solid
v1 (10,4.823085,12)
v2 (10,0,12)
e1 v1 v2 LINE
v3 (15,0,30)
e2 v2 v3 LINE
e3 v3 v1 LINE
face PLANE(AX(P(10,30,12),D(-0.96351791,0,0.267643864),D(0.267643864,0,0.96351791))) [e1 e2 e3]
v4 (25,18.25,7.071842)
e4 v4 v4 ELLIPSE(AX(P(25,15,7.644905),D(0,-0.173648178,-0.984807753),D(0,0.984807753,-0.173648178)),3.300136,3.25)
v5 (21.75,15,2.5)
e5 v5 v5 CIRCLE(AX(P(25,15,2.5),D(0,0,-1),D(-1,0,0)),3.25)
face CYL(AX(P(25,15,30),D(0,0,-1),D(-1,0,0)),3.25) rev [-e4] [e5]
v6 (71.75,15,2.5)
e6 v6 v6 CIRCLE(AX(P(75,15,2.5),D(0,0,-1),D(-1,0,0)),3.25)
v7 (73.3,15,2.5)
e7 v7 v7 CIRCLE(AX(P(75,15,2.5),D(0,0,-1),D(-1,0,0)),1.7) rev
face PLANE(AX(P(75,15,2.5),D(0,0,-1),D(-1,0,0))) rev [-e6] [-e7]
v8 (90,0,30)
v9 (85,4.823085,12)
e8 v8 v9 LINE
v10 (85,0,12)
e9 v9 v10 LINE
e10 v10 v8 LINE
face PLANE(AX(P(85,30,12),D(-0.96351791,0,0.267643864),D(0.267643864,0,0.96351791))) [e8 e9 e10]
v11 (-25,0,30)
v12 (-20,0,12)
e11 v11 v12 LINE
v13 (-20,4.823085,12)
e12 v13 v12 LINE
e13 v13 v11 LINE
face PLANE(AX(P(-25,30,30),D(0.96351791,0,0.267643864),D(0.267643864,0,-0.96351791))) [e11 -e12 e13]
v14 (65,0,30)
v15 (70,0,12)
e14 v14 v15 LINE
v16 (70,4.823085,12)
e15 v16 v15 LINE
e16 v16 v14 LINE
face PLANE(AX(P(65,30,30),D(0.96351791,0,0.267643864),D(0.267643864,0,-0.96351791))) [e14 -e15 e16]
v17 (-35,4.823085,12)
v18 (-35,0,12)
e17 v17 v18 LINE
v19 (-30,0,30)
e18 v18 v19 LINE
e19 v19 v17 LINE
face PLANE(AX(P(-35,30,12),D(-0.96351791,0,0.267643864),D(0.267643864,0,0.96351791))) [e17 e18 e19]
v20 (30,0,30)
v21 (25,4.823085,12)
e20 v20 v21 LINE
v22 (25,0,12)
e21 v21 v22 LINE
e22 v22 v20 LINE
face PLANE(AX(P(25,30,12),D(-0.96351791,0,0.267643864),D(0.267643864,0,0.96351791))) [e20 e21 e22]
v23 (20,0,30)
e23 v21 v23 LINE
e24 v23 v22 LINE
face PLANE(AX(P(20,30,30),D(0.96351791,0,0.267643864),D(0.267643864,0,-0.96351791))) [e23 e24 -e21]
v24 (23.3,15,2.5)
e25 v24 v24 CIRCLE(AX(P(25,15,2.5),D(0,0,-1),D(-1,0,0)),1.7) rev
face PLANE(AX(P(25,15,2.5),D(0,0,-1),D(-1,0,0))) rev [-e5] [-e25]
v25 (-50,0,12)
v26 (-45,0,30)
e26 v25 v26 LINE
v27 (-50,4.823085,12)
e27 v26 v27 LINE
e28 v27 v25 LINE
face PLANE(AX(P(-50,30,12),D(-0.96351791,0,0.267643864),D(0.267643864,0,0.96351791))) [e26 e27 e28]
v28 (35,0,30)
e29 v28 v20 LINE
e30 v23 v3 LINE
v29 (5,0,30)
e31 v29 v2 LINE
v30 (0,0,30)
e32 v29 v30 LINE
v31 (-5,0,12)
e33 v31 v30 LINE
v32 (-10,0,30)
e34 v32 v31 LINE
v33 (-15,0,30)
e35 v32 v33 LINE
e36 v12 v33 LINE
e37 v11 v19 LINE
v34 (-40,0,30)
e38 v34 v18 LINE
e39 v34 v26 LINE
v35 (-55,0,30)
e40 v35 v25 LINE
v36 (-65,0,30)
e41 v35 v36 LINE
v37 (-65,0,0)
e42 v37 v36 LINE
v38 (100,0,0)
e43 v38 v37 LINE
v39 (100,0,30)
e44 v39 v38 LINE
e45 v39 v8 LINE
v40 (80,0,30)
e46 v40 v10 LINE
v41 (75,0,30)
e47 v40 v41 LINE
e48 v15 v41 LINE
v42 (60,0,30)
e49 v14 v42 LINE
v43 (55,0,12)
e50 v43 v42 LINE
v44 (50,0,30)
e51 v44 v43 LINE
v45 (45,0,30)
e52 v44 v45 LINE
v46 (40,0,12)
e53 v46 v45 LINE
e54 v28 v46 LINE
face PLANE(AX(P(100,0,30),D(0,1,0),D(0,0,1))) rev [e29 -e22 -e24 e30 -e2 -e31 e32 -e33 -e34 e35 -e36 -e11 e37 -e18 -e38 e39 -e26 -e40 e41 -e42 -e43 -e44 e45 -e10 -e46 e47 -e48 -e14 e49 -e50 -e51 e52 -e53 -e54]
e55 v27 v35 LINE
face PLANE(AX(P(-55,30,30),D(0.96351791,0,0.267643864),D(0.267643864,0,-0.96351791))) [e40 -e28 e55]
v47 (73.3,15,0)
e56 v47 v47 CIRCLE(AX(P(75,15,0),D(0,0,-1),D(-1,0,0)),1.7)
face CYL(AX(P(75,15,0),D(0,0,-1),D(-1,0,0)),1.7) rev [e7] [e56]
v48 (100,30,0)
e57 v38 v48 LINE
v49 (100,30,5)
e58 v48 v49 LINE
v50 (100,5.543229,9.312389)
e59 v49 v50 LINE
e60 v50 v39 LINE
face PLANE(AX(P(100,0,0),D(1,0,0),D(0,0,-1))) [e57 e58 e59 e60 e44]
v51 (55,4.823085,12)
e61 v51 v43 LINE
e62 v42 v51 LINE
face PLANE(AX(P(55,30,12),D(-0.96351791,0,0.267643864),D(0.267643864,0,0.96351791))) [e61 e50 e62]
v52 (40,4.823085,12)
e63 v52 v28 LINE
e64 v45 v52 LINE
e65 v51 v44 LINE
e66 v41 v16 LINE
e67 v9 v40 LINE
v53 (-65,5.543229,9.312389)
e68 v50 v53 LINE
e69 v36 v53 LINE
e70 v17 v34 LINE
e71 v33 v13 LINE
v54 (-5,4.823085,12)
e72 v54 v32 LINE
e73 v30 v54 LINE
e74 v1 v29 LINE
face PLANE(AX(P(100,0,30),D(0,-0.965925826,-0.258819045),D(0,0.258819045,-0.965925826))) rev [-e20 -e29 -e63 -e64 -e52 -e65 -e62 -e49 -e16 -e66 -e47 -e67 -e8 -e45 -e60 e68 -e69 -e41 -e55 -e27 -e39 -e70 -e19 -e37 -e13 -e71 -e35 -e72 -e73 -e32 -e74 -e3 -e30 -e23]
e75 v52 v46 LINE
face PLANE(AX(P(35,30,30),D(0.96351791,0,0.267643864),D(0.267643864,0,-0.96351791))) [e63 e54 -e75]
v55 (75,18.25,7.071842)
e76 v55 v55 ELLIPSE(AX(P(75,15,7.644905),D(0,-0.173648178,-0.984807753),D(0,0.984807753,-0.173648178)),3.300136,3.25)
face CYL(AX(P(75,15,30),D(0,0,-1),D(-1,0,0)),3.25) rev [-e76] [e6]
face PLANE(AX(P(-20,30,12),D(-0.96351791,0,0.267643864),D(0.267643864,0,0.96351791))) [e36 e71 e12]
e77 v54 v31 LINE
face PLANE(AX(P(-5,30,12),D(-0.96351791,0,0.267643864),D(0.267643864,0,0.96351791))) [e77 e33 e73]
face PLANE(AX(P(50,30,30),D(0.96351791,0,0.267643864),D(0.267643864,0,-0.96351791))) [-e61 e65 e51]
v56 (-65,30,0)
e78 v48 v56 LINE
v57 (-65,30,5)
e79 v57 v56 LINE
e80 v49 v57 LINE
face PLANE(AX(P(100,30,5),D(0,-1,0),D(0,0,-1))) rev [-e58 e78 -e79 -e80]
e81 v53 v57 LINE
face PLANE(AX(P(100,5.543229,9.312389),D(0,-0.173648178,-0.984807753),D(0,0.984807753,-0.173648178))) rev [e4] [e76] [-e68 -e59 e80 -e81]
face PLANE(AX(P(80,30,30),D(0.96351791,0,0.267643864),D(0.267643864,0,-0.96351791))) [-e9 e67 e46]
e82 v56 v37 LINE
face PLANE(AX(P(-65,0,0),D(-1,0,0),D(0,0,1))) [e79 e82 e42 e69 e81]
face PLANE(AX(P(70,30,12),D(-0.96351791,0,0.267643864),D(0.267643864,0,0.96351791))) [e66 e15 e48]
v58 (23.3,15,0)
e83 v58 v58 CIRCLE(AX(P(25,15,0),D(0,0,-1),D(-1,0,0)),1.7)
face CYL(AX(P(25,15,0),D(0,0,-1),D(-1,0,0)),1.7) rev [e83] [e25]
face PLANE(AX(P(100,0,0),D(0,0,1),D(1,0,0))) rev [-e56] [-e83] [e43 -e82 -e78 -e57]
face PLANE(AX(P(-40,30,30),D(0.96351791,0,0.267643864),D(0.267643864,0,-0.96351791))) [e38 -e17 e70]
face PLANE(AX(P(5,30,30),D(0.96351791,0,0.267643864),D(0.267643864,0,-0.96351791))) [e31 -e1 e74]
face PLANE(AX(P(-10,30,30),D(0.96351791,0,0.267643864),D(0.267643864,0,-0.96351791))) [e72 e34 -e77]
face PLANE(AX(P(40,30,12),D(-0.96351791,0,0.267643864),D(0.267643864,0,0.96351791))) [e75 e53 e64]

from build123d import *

# Parameters (mm, degrees)
BOSS_EXTRUDE1_DEPTH  = 100
M3_CLEARANCE_HOLE1_D = 3.4
SKETCH4_R            = 3.25
CUT_EXTRUDE1_DEPTH   = 108.964114408
BOSS_EXTRUDE2_DEPTH  = 65
CUT_EXTRUDE2_DEPTH   = 109.627804912
LPATTERN1_COUNT      = 10
LPATTERN1_PITCH      = 15


with BuildPart() as part:
    # Sketch1 → Boss-Extrude1 (new body)
    with BuildSketch(Plane(origin=(0, 0, 0), x_dir=(0, 0, -1), z_dir=(1, 0, 0))):
        Polygon((0, 0), (0, 30), (-5, 30), (-9.312388631, 5.54322876), (-30, 0), align=None)
    extrude(amount=BOSS_EXTRUDE1_DEPTH)

    # M3 Clearance Hole1 (through all)
    with Locations(Plane(origin=(0, 0, 0), x_dir=(-1, 0, 0), z_dir=(0, 0, -1))):
        with Locations((-25, 15), (-75, 15)):
            Hole(M3_CLEARANCE_HOLE1_D / 2)

    # Sketch4 → Cut-Extrude1 (cut, through all)
    with BuildSketch(Plane(origin=(0, 0, 2.5), x_dir=(-1, 0, 0), z_dir=(0, 0, -1))):
        with Locations((-75, 15)):
            Circle(SKETCH4_R)
        with Locations((-25, 15)):
            Circle(SKETCH4_R)
    extrude(amount=-CUT_EXTRUDE1_DEPTH, mode=Mode.SUBTRACT)

    # Sketch6 → Boss-Extrude2 (add)
    with BuildSketch(Plane.ZY):
        Polygon((0, 0), (30, 0), (9.312388631, 5.54322876), (5, 30), (0, 30), align=None)
    extrude(amount=BOSS_EXTRUDE2_DEPTH)

    # Sketch7 → Cut-Extrude2 (cut, symmetric)
    with BuildSketch(Plane(origin=(0, 0, 0), x_dir=(1, 0, 0), z_dir=(0, 1, 0))):
        Polygon((-55, -30), (-50, -12), (-45, -30), align=None)
    cut_extrude2 = extrude(amount=CUT_EXTRUDE2_DEPTH, both=True, mode=Mode.SUBTRACT)

    # LPattern1: Cut-Extrude2 ×10
    with Locations(*[(i * LPATTERN1_PITCH, 0, 0) for i in range(1, LPATTERN1_COUNT)]):
        add(cut_extrude2, mode=Mode.SUBTRACT)


solid = part.part
